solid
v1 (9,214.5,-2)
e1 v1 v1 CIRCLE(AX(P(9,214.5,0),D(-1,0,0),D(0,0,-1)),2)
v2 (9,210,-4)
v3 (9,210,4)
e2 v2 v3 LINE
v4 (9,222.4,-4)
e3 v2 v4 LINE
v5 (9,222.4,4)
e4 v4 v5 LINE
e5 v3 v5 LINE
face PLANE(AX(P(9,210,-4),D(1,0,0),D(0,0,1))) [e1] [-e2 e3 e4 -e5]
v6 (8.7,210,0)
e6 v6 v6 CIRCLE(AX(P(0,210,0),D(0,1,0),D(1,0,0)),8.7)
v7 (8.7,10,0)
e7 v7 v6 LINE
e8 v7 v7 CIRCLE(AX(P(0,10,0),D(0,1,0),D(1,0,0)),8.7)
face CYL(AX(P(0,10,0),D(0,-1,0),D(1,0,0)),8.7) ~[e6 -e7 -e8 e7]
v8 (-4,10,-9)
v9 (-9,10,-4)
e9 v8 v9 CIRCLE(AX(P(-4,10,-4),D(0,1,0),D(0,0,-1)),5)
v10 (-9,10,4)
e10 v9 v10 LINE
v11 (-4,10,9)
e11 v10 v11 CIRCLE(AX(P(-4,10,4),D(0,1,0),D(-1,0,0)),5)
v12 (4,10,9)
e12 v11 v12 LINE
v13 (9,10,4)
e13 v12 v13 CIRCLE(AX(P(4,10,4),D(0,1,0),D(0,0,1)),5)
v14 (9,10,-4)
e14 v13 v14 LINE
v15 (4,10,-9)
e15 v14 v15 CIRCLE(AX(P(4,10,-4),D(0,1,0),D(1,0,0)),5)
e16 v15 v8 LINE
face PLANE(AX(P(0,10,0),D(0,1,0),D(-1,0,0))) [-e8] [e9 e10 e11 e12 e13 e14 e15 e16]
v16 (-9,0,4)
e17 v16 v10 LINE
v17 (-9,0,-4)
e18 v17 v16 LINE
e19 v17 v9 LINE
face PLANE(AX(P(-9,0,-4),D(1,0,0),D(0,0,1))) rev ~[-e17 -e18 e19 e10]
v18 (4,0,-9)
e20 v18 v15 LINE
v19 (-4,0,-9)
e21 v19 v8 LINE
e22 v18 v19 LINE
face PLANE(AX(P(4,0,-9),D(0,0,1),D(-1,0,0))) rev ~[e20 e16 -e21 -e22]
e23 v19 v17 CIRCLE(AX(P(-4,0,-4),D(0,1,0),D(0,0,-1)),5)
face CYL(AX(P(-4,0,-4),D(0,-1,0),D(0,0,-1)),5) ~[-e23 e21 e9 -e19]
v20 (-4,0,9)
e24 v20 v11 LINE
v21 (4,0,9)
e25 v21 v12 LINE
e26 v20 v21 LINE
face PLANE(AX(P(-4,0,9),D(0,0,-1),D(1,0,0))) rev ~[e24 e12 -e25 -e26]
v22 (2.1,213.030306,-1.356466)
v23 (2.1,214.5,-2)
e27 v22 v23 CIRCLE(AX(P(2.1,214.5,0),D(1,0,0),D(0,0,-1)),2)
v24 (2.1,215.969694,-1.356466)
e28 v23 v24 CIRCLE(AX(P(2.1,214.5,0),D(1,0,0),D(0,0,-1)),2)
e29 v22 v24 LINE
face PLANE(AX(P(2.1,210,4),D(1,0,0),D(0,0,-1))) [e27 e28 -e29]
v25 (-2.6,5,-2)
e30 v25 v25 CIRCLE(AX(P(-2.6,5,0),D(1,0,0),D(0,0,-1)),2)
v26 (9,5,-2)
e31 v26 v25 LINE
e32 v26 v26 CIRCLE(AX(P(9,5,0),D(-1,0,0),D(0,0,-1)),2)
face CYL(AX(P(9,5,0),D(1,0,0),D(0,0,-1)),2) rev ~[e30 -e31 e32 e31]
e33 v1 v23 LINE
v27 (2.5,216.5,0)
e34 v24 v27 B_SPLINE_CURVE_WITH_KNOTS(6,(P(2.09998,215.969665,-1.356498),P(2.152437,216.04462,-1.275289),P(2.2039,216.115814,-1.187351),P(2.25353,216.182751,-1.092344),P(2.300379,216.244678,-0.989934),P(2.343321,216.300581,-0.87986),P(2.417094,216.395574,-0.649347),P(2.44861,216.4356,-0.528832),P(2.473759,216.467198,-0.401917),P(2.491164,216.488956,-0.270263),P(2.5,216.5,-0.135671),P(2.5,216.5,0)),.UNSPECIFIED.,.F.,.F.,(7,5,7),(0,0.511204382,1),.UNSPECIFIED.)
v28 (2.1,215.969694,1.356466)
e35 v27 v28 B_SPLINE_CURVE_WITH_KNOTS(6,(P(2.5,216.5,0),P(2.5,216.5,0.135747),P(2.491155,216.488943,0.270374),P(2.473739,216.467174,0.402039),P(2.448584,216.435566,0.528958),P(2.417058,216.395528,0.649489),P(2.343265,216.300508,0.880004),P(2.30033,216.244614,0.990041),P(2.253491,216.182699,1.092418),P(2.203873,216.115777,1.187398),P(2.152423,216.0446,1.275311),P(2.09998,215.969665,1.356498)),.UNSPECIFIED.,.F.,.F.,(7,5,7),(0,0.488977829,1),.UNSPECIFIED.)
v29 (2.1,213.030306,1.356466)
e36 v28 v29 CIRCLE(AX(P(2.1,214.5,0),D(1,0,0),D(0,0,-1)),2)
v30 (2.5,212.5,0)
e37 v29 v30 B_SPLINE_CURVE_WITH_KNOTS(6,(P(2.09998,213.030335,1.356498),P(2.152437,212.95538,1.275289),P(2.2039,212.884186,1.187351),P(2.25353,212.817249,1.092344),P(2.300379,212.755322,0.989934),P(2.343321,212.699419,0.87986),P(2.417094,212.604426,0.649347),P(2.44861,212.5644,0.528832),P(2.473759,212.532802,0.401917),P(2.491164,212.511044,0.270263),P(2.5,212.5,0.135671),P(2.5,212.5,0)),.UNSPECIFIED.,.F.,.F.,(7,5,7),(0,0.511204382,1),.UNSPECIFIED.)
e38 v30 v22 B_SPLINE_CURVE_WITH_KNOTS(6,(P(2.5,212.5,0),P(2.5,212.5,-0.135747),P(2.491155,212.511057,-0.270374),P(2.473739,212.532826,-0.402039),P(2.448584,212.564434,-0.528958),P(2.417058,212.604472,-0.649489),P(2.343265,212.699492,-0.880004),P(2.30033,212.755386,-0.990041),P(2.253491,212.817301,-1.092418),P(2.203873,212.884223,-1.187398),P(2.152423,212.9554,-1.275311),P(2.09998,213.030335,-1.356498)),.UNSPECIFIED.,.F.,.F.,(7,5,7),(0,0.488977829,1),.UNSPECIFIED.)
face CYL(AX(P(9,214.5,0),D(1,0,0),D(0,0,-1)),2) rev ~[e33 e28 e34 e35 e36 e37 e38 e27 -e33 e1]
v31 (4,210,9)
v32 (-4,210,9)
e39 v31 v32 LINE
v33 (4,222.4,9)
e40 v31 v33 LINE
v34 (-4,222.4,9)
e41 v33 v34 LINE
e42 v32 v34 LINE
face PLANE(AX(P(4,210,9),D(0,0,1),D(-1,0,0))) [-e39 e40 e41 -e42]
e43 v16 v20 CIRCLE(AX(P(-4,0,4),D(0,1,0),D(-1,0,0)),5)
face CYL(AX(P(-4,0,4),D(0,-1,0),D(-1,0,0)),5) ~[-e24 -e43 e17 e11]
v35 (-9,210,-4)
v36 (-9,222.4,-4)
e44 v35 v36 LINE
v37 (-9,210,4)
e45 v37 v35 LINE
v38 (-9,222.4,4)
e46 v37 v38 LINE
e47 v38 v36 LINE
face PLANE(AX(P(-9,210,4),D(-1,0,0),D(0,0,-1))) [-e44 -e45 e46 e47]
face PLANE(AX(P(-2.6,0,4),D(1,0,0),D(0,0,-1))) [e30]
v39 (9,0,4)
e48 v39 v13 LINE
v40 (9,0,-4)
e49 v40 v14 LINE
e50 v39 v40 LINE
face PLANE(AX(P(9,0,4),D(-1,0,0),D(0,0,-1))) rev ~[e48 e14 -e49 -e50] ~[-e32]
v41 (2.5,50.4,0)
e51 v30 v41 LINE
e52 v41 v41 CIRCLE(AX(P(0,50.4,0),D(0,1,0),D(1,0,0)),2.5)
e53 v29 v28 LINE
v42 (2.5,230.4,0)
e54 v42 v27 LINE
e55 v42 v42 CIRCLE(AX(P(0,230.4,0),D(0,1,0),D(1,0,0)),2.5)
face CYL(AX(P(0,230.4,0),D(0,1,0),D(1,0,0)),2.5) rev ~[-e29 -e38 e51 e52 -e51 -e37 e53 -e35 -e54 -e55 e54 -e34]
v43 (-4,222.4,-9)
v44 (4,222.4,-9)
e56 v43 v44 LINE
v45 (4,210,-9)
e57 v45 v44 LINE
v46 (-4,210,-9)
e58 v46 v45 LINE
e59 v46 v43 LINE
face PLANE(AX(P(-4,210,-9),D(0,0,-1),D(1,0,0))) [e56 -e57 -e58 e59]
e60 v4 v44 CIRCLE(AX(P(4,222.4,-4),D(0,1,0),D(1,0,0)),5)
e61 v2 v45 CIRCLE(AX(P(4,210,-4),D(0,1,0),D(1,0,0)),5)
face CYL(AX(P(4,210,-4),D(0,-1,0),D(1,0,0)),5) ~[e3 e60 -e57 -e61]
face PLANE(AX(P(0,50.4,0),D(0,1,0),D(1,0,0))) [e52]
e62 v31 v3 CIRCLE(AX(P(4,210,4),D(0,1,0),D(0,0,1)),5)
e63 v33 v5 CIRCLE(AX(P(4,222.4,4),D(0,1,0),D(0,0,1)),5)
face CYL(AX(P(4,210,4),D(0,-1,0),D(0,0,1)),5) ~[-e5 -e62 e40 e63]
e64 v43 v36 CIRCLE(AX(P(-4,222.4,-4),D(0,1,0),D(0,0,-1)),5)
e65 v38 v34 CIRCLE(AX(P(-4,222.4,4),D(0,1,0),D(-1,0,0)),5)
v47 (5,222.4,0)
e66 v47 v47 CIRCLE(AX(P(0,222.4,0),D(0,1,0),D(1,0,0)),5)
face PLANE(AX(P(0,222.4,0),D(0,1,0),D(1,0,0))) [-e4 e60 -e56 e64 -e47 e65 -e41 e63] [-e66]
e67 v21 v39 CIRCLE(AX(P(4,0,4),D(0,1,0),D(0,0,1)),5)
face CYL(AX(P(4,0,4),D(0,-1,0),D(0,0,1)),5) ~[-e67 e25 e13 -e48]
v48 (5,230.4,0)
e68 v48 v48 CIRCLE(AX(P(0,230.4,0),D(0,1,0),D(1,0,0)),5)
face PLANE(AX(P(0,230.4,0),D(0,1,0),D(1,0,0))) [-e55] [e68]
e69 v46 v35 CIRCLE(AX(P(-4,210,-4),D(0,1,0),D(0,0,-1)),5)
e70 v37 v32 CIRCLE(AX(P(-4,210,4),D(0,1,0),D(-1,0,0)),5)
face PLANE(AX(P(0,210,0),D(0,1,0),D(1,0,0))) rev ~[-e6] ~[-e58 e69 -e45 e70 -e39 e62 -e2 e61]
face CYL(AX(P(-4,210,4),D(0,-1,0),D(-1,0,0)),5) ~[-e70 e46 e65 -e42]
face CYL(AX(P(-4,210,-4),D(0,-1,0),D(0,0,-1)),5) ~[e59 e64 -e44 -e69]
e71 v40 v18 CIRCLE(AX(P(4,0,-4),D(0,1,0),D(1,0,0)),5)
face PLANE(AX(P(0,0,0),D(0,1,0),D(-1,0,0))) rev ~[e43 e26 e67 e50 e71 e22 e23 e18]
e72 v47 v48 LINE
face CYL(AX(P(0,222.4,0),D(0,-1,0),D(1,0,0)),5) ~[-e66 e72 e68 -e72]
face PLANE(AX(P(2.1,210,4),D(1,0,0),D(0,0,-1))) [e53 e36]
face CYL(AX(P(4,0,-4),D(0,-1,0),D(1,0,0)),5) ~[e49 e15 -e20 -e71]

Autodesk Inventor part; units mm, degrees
ref_plane "YZ Plane" through (0, 0, 0) normal (1, 0, 0) x (0, 1, 0)
ref_plane "XZ Plane" through (0, 0, 0) normal (0, 1, 0) x (-1, 0, 0)
ref_plane "XY Plane" through (0, 0, 0) normal (0, 0, 1) x (1, 0, 0)
sketch "スケッチ1" plane through (0, 0, 0) normal (0, 1, 0) x (-1, 0, 0)
  line L0 (-4, -9) -> (4, -9)
  line L1 (9, -4) -> (9, 4)
  line L2 (4, 9) -> (-4, 9)
  line L3 (-9, 4) -> (-9, -4)
  arc A0 (9, 4) -> (4, 9) centre (4, 4) ccw
  arc A1 (-4, 9) -> (-9, 4) centre (-4, 4) ccw
  arc A2 (-9, -4) -> (-4, -9) centre (-4, -4) ccw
  arc A3 (4, -9) -> (9, -4) centre (4, -4) ccw
  point P0 (0, 0)
  point P1 (9, 0)
  point P2 (0, -9)
  point P3 (9, 4)
  point P4 (9, -4)
  point P5 (4, 9)
  point P6 (-4, 9)
  point P7 (-9, -4)
  point P8 (4, -9)
  dimension "d0" = 5
extrude "押し出し1" add sketch "スケッチ1" along normal blind 10
sketch "スケッチ2" plane through (0, 10, 0) normal (0, 1, 0) x (1, 0, 0)
  circle A0 centre (0, 0) radius 8.7
  dimension "d3" = 17.4
extrude "押し出し2" add sketch "スケッチ2" along normal blind 200
sketch "スケッチ3" plane through (0, 210, 0) normal (0, 1, 0) x (1, 0, 0)
  point P0 (0, 0)
sketch "スケッチ4" plane through (0, 210, 0) normal (0, 1, 0) x (1, 0, 0)
  line L0 (-4, 9) -> (4, 9)
  line L1 (4, 9) -> (-4, 9) projected
  line L2 (9, 4) -> (9, -4)
  line L3 (4, -9) -> (-4, -9)
  line L4 (-9, -4) -> (-9, 4)
  arc A0 (-9, -4) -> (-4, -9) centre (-4, -4) ccw
  arc A1 (-4, 9) -> (-9, 4) centre (-4, 4) ccw
  arc A2 (9, 4) -> (4, 9) centre (4, 4) ccw
  arc A3 (4, -9) -> (9, -4) centre (4, -4) ccw
  point P0 (0, 0)
  point P1 (-9, 9)
  point P2 (9, 9)
  dimension "d6" = 18
  dimension "d7" = 5
extrude "押し出し3" add sketch "スケッチ4" along normal blind 12.4
sketch "スケッチ5" plane through (0, 222.4, 0) normal (0, 1, 0) x (1, 0, 0)
  circle A0 centre (0, 0) radius 5
  dimension "d10" = 10
extrude "押し出し4" add sketch "スケッチ5" along normal blind 8
sketch "スケッチ6" plane through (0, 230.4, 0) normal (0, 1, 0) x (1, 0, 0)
  circle A0 centre (0, 0) radius 2.5
  dimension "d13" = 5
extrude "押し出し5" cut sketch "スケッチ6" against normal blind 180
sketch "スケッチ7" plane through (9, 0, 4) normal (1, 0, 0) x (0, 0, -1)
  line L0 (4, 0) -> (4, 10)
  line L1 (0, 10) -> (8, 10) projected
  circle A0 centre (4, 5) radius 2
  dimension "d16" = 4
extrude "押し出し6" cut sketch "スケッチ7" against normal blind 11.6
sketch "スケッチ8" plane through (9, 210, 4) normal (1, 0, 0) x (0, 0, -1)
  line L0 (0, 0) -> (8, 0) projected
  line L1 (4, 0) -> (4, 12.4)
  line L2 (-1, 12.4) -> (9, 12.4) projected
  circle A0 centre (4, 4.5) radius 2
  point P0 (4, -210)
  dimension "d19" = 4.5
  dimension "d20" = 4
extrude "押し出し7" cut sketch "スケッチ8" against normal blind 6.9
properties part number "SMC_CJ2B16-175(本体)"
